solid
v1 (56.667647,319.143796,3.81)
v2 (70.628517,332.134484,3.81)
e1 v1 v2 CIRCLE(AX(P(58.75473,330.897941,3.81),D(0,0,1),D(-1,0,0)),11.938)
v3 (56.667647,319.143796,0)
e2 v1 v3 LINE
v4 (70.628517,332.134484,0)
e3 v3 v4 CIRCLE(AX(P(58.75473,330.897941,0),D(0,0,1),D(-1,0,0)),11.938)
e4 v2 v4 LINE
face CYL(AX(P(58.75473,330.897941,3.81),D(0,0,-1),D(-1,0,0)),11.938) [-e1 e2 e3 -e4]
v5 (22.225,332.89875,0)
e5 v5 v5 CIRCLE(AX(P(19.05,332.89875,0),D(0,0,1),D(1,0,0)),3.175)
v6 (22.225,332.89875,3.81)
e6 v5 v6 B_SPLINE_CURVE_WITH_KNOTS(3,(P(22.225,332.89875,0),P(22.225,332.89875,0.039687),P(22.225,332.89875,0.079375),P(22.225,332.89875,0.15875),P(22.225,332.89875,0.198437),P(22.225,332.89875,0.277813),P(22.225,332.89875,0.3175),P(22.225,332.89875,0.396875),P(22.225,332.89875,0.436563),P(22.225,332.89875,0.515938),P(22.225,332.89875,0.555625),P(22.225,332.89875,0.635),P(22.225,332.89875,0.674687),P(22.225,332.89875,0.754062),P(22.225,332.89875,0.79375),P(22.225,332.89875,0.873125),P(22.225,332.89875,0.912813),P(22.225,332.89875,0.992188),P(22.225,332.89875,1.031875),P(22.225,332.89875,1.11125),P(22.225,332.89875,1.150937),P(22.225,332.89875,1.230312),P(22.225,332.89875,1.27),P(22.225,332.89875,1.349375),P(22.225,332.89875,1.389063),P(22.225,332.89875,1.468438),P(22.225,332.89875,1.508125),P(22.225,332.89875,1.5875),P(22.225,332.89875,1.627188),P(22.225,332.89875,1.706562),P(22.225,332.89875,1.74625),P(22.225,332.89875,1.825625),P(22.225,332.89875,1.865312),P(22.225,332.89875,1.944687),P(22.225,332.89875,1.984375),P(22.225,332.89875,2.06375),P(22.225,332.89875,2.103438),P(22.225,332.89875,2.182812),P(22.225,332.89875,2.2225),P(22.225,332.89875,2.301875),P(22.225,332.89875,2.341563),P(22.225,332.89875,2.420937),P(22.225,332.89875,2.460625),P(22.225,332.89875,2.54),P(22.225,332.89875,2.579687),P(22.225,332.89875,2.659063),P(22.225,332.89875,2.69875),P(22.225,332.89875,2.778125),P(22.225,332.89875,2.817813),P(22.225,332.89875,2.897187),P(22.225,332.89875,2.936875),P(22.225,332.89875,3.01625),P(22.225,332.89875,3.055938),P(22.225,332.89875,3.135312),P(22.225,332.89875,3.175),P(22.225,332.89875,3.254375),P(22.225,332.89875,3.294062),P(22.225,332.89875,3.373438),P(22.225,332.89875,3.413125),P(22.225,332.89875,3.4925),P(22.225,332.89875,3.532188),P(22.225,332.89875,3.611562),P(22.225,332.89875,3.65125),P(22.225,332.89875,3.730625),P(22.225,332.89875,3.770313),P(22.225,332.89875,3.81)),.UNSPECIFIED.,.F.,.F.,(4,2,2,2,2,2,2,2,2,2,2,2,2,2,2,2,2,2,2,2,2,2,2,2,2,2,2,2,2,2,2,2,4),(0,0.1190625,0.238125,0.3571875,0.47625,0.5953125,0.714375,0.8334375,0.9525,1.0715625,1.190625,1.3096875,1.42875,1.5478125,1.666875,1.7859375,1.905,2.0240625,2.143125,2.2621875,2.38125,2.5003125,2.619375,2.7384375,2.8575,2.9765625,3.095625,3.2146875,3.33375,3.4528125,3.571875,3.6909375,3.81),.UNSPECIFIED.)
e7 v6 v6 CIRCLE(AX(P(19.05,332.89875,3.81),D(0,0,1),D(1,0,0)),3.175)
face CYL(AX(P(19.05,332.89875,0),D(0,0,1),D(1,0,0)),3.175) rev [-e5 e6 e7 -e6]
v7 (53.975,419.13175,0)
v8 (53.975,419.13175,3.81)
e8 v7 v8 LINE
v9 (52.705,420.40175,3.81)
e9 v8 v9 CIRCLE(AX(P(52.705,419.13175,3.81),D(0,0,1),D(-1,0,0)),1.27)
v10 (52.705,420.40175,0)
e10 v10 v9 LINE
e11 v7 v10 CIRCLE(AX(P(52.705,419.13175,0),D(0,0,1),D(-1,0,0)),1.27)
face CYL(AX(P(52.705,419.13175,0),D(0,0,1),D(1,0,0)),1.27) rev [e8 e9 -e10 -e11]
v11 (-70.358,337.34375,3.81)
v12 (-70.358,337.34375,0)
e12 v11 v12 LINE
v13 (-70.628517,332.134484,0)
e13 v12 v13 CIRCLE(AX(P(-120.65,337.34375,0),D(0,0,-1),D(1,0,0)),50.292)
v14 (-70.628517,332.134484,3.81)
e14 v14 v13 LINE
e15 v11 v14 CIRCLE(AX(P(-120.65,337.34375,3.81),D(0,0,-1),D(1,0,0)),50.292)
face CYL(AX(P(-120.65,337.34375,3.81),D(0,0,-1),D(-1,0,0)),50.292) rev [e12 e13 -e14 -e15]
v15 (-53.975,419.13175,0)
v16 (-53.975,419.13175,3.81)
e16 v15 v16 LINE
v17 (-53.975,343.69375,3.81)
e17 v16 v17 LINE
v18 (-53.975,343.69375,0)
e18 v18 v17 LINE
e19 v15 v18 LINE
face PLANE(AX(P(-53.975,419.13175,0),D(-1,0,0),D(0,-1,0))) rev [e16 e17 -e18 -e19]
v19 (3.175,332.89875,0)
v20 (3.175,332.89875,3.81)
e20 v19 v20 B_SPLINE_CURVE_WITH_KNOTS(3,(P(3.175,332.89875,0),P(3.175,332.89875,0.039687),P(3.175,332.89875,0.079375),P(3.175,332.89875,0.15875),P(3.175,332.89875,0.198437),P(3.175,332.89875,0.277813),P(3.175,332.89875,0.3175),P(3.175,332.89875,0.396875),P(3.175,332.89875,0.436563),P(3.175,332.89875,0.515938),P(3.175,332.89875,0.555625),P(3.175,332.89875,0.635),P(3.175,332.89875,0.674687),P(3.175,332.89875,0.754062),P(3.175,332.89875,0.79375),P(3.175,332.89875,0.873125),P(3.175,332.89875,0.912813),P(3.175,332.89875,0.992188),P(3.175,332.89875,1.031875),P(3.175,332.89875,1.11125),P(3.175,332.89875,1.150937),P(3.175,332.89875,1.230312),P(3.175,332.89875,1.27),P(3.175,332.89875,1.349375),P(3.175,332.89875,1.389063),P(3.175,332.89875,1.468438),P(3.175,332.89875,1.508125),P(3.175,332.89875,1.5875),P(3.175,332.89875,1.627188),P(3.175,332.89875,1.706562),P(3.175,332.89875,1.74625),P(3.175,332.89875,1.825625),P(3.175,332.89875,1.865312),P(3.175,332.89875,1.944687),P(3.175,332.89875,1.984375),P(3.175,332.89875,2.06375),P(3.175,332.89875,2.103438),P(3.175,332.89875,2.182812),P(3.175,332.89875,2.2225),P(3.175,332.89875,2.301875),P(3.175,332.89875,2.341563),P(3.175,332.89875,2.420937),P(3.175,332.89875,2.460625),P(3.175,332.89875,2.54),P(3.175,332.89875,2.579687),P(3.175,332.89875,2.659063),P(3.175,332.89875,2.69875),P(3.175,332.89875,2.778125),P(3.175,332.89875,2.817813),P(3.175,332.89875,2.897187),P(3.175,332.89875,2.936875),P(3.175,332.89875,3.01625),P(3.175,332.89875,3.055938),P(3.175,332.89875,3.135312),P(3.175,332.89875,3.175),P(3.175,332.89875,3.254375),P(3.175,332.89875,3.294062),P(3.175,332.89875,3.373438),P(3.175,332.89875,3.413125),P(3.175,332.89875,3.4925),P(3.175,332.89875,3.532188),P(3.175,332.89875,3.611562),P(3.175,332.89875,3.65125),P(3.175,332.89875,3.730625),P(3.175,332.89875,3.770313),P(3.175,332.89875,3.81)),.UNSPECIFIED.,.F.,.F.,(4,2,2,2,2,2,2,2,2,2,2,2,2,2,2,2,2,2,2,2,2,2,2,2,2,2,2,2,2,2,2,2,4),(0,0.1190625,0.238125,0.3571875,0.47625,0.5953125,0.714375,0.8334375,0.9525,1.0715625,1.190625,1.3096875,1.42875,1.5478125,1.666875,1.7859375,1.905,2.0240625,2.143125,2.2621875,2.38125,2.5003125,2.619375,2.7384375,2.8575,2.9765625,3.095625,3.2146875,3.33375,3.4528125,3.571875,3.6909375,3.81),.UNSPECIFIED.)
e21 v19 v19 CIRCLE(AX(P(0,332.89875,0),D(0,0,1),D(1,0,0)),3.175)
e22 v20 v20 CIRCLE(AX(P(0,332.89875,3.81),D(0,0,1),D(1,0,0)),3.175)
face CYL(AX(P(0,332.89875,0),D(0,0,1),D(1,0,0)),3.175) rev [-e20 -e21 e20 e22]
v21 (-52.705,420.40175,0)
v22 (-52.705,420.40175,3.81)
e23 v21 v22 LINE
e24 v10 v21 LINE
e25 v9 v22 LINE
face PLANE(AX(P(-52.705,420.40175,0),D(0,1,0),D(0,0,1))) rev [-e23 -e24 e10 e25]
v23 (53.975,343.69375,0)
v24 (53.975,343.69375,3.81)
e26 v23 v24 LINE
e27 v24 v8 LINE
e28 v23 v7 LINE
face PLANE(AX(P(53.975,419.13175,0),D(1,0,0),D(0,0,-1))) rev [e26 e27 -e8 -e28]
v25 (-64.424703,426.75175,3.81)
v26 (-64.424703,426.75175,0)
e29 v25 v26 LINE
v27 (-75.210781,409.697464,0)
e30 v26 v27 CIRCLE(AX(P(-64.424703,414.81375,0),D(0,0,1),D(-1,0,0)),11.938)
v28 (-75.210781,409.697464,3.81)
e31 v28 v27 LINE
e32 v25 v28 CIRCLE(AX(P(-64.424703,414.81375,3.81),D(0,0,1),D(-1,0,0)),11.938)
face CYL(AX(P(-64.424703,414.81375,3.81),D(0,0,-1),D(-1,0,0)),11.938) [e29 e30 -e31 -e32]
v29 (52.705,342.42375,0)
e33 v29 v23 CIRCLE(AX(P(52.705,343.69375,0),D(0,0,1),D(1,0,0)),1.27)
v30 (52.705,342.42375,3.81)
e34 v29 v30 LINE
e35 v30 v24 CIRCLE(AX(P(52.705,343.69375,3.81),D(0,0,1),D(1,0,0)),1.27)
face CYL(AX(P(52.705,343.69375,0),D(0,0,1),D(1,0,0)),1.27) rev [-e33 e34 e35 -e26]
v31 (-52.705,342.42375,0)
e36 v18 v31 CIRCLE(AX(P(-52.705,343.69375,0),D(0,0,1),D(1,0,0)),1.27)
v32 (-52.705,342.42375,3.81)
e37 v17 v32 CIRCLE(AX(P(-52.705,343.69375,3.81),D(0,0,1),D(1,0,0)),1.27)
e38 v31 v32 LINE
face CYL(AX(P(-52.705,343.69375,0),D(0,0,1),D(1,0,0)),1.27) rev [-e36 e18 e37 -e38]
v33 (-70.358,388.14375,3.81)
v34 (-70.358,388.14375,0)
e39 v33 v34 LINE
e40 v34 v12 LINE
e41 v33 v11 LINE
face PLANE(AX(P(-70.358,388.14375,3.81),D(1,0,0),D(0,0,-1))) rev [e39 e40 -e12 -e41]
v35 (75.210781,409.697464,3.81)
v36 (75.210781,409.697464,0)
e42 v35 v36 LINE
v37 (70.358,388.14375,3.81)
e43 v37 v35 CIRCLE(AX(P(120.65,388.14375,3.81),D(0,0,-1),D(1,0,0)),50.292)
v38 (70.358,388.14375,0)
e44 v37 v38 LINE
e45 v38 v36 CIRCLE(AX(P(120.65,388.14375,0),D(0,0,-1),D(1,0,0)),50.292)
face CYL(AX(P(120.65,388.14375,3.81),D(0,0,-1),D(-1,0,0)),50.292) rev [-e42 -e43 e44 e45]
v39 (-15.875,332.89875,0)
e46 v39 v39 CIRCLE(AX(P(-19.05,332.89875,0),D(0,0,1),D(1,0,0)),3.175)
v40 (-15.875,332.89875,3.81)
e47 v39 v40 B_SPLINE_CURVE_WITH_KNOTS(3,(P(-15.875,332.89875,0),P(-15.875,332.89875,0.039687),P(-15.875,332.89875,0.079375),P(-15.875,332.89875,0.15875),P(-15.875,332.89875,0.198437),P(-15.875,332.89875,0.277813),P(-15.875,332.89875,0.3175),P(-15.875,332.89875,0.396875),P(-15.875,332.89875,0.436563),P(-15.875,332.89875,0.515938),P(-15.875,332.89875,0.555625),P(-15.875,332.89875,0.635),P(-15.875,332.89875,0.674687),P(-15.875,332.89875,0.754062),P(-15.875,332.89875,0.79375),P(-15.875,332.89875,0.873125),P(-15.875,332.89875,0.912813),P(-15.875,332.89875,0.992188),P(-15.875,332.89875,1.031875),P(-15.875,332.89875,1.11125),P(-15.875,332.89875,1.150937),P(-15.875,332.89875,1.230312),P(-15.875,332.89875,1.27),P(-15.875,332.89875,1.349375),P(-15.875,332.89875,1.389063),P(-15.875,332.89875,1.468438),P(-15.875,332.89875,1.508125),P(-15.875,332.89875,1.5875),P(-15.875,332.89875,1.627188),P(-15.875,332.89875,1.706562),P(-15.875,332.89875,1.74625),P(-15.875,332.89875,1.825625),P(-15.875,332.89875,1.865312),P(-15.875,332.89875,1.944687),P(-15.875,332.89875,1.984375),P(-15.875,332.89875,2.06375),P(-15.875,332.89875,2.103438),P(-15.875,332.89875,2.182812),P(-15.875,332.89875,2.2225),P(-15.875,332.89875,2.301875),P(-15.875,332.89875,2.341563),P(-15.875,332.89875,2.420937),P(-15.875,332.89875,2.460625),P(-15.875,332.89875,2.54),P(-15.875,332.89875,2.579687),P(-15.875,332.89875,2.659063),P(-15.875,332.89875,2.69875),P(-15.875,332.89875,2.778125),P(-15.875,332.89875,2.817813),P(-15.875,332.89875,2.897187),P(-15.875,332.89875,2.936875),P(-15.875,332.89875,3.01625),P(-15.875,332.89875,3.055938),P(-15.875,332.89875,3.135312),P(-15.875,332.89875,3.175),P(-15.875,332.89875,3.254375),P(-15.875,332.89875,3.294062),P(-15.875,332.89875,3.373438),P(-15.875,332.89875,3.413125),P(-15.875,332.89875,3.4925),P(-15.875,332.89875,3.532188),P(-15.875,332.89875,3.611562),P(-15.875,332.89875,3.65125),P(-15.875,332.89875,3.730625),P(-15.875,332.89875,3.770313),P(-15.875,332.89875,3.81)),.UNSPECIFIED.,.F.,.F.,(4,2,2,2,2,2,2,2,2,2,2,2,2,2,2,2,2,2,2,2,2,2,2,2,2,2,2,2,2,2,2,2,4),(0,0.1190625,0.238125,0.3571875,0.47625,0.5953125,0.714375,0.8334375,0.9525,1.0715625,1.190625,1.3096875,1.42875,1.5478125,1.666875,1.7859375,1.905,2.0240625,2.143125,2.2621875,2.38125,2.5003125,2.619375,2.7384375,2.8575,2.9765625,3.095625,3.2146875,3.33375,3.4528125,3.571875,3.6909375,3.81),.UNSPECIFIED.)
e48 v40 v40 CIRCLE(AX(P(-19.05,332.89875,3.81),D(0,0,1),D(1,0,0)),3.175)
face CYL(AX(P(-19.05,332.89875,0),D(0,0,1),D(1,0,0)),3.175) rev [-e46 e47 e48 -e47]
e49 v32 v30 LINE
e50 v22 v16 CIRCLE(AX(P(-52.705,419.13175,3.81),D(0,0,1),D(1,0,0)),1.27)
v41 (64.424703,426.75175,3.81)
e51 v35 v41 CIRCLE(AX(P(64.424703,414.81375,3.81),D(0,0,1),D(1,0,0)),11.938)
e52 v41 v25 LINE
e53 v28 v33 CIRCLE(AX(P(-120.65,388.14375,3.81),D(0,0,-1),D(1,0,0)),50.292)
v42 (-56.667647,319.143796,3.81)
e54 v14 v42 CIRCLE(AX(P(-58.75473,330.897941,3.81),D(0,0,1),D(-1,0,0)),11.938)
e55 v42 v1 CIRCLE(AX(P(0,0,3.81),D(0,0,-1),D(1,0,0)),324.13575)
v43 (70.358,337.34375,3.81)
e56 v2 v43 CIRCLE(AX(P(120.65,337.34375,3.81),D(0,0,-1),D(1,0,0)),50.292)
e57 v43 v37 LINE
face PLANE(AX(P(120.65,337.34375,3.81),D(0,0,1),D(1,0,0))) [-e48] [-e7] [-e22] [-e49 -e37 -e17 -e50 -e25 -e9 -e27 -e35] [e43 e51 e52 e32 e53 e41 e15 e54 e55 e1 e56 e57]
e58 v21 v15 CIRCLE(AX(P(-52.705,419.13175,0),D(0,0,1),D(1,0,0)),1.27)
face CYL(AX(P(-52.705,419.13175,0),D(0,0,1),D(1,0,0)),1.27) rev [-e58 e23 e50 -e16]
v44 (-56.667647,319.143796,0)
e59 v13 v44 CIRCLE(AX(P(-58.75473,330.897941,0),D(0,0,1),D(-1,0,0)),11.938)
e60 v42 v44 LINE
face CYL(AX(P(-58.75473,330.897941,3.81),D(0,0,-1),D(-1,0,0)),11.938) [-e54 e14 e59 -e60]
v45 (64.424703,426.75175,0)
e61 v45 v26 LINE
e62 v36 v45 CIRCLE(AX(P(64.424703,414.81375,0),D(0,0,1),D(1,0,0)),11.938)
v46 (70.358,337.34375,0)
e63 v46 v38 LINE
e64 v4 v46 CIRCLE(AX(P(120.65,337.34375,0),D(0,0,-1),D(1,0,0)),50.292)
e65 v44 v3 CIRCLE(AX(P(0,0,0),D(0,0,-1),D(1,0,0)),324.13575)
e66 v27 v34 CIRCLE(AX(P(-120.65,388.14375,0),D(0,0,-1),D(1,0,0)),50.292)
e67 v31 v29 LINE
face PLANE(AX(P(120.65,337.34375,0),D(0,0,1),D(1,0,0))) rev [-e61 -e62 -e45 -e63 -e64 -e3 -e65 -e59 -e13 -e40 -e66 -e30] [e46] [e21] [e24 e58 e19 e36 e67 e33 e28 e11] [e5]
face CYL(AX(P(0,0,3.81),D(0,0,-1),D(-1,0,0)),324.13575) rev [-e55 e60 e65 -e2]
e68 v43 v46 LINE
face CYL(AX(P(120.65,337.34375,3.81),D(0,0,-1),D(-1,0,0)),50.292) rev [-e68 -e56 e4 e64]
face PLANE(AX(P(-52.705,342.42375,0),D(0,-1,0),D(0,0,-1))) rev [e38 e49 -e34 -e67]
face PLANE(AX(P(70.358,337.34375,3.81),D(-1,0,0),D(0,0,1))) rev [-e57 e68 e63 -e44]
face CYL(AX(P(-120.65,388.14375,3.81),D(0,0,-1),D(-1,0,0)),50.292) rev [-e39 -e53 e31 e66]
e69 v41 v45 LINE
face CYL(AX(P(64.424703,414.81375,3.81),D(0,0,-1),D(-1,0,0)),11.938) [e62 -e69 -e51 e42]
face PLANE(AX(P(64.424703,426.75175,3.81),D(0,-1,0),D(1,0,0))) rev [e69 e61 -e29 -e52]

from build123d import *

# Parameters (mm, degrees)
BOSS_EXTRUDE1_DEPTH = 3.81
SKETCH2_R           = 3.175
CUT_EXTRUDE1_DEPTH  = 434.546807932


with BuildPart() as part:
    # Sketch1 → Boss-Extrude1 (new body)
    with BuildSketch(Plane.XY):
        with BuildLine():
            Line((70.358, 337.34375), (70.358, 388.14375))
            ThreePointArc((70.358, 388.14375), (71.586192113, 399.190379334), (75.210780547, 409.697464286))
            ThreePointArc((75.210780547, 409.697464286), (74.514154695, 421.194879412), (64.424703202, 426.75175))
            Line((64.424703202, 426.75175), (-64.424703202, 426.75175))
            ThreePointArc((-64.424703202, 426.75175), (-74.514154695, 421.194879412), (-75.210780547, 409.697464286))
            ThreePointArc((-75.210780547, 409.697464286), (-71.586192113, 399.190379334), (-70.358, 388.14375))
            Line((-70.358, 388.14375), (-70.358, 337.34375))
            ThreePointArc((-70.358, 337.34375), (-70.425674666, 334.735607232), (-70.628516531, 332.134483679))
            ThreePointArc((-70.628516531, 332.134483679), (-66.887034969, 322.158291888), (-56.667646584, 319.143795582))
            ThreePointArc((-56.667646584, 319.143795582), (0, 324.13575), (56.667646584, 319.143795582))
            ThreePointArc((56.667646584, 319.143795582), (66.887034969, 322.158291888), (70.628516531, 332.134483679))
            ThreePointArc((70.628516531, 332.134483679), (70.425674666, 334.735607232), (70.358, 337.34375))
        make_face()
    extrude(amount=BOSS_EXTRUDE1_DEPTH)

    # Sketch2 → Cut-Extrude1 (cut, through all)
    with BuildSketch(Plane.XY.offset(3.81)):
        with Locations((-19.05, 332.89875)):
            Circle(SKETCH2_R)
        with Locations((0, 332.89875)):
            Circle(SKETCH2_R)
        with Locations((19.05, 332.89875)):
            Circle(SKETCH2_R)
        with BuildLine():
            Line((-52.705, 420.40175), (52.705, 420.40175))
            ThreePointArc((52.705, 420.40175), (53.603025612, 420.029775612), (53.975, 419.13175))
            Line((53.975, 419.13175), (53.975, 343.69375))
            ThreePointArc((53.975, 343.69375), (53.603025612, 342.795724388), (52.705, 342.42375))
            Line((52.705, 342.42375), (-52.705, 342.42375))
            ThreePointArc((-52.705, 342.42375), (-53.603025612, 342.795724388), (-53.975, 343.69375))
            Line((-53.975, 343.69375), (-53.975, 419.13175))
            ThreePointArc((-53.975, 419.13175), (-53.603025612, 420.029775612), (-52.705, 420.40175))
        make_face()
    extrude(amount=-CUT_EXTRUDE1_DEPTH, mode=Mode.SUBTRACT)


solid = part.part
